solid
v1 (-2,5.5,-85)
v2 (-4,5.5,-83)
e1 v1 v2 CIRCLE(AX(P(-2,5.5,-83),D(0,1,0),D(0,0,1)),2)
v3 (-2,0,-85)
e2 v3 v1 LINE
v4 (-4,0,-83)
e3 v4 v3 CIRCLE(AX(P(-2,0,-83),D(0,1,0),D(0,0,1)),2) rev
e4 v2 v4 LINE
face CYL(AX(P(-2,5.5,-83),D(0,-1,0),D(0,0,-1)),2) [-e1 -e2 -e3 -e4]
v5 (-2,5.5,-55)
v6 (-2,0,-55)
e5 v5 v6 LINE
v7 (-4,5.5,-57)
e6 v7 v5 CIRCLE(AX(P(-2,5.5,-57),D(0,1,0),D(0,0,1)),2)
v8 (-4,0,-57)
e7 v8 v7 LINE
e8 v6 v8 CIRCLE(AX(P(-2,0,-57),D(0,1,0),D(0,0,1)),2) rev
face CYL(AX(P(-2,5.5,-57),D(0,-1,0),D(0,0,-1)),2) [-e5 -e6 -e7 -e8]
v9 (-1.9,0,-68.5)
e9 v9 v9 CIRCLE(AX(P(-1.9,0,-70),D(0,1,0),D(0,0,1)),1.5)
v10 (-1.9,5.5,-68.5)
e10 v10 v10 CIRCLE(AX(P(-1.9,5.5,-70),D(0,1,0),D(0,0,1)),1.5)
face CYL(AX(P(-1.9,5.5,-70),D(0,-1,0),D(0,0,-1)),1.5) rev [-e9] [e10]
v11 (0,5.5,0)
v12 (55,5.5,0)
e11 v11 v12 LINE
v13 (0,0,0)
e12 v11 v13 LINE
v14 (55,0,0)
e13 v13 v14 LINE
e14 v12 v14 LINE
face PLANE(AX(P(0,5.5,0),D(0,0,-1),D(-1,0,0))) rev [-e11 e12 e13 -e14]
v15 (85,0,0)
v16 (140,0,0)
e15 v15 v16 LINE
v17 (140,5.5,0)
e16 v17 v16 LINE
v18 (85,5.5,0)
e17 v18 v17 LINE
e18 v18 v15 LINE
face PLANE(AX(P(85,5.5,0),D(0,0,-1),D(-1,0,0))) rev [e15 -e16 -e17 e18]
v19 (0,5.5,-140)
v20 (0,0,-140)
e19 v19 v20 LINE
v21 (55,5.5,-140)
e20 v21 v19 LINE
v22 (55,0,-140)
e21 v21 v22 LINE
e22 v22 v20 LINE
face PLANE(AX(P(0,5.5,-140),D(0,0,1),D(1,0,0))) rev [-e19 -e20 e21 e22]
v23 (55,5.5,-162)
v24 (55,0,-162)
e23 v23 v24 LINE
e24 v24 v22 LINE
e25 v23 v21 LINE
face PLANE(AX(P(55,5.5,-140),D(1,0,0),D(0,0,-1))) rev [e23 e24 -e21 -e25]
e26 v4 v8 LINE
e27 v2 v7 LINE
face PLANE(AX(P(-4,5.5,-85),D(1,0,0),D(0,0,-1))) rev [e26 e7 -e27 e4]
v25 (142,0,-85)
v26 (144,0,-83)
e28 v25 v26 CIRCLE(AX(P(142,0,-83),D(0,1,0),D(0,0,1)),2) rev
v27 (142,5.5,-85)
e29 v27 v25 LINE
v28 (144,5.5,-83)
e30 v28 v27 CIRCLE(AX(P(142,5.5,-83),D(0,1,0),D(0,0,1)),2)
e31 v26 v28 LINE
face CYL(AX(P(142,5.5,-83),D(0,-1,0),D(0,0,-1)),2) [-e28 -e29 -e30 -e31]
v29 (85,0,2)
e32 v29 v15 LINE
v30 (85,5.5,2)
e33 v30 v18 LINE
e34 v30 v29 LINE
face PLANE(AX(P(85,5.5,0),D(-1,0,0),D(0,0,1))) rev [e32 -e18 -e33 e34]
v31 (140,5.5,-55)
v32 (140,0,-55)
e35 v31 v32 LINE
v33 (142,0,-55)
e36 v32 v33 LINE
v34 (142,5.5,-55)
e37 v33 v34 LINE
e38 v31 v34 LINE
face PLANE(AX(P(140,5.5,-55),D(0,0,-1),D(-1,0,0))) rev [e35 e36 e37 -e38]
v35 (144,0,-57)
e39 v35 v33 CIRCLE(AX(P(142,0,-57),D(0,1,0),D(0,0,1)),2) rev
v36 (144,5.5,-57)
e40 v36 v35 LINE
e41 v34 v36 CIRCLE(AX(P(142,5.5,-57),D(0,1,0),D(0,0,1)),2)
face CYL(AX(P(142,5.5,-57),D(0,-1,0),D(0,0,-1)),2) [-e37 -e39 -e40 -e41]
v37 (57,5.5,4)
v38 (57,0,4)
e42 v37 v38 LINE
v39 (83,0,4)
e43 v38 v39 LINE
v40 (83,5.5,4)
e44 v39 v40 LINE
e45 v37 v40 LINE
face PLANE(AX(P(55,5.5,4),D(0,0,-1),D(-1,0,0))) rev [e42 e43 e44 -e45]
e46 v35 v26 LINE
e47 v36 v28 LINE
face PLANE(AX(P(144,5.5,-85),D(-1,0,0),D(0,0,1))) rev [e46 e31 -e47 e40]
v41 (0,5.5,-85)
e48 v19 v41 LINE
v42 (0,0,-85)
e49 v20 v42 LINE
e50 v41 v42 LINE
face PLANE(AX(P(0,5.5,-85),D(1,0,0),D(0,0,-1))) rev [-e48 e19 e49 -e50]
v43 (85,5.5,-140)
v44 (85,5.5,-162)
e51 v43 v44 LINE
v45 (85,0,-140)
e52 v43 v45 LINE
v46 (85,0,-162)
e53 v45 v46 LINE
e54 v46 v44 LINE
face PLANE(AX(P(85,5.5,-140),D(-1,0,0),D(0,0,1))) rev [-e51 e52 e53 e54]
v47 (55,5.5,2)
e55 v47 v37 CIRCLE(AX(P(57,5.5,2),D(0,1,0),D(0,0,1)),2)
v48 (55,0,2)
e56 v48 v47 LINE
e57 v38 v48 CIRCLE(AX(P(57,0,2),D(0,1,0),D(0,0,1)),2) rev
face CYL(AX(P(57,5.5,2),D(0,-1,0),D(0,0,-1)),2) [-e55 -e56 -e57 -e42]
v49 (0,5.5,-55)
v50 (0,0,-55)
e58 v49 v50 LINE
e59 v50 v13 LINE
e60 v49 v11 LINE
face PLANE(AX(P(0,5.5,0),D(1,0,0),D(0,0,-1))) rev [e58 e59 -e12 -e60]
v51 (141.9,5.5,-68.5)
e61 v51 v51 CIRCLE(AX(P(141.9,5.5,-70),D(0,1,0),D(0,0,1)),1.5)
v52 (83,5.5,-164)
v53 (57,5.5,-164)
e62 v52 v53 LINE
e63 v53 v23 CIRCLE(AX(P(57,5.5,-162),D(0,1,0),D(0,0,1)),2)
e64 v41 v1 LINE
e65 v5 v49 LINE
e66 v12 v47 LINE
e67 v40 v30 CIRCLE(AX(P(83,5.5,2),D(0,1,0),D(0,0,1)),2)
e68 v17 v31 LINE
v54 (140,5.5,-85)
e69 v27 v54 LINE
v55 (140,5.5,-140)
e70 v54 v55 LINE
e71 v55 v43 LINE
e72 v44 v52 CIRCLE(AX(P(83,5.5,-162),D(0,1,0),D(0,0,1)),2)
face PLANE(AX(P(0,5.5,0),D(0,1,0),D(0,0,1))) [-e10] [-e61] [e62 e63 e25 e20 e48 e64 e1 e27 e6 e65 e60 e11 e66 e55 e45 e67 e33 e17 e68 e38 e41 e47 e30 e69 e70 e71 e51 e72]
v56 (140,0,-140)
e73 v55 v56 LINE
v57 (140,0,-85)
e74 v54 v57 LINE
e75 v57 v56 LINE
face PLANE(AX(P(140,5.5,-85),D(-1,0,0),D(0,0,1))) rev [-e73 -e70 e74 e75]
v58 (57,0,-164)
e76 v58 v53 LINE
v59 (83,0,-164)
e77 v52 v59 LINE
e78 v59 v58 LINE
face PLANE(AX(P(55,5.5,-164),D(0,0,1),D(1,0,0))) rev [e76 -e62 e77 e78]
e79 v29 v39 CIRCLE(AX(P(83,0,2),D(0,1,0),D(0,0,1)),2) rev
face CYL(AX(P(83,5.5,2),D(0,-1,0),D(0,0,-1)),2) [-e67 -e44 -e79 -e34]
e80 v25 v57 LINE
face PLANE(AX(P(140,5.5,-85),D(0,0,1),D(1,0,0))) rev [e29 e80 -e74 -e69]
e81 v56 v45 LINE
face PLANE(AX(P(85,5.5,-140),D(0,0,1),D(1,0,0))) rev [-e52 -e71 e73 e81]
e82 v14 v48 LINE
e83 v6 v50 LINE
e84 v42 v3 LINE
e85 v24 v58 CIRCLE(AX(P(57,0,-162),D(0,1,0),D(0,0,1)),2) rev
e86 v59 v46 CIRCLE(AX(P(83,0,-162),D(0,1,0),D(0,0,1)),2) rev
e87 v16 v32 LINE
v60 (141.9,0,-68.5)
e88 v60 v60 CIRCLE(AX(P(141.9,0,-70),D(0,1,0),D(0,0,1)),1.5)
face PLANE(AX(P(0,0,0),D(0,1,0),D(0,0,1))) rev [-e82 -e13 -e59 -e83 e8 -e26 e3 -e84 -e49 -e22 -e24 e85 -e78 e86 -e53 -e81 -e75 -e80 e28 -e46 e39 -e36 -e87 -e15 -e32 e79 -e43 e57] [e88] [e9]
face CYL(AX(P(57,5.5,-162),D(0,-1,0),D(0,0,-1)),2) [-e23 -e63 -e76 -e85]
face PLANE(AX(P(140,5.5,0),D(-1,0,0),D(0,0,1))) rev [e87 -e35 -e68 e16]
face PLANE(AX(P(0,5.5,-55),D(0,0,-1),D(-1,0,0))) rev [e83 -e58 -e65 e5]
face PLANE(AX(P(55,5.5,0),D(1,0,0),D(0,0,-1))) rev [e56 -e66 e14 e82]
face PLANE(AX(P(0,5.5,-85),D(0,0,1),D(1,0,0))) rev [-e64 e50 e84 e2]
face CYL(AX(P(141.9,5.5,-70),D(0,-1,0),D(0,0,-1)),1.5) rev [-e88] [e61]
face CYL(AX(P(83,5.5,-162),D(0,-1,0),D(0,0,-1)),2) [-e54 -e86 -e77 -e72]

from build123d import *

# Parameters (mm, degrees)
SKETCH1_R           = 1.5
BOSS_EXTRUDE1_DEPTH = 5.5
FILLET1_R           = 2


with BuildPart() as part:
    # Sketch1 → Boss-Extrude1 (new body)
    with BuildSketch(Plane(origin=(0, 0, 0), x_dir=(1, 0, 0), z_dir=(0, 1, 0))):
        Polygon((0, 85), (0, 140), (55, 140), (55, 164), (85, 164), (85, 140), (140, 140), (140, 85), (144, 85), (144, 55), (140, 55), (140, 0), (85, 0), (85, -4), (55, -4), (55, 0), (0, 0), (0, 55), (-4, 55), (-4, 85), align=None)
        with Locations(Location((-1.9, 70, 0), (0, 0, 270))):
            Circle(SKETCH1_R, mode=Mode.SUBTRACT)
        with Locations(Location((141.9, 70, 0), (0, 0, 270))):
            Circle(SKETCH1_R, mode=Mode.SUBTRACT)
    extrude(amount=BOSS_EXTRUDE1_DEPTH)

    # Fillet1
    fillet1_edges = [part.edges().sort_by_distance(p)[0] for p in [
        (-4, 2.75, -55),
        (-4, 2.75, -85),
        (55, 2.75, -164),
        (85, 2.75, -164),
        (144, 2.75, -85),
        (144, 2.75, -55),
        (85, 2.75, 4),
        (55, 2.75, 4),
    ]]
    fillet(fillet1_edges, radius=FILLET1_R)


solid = part.part
